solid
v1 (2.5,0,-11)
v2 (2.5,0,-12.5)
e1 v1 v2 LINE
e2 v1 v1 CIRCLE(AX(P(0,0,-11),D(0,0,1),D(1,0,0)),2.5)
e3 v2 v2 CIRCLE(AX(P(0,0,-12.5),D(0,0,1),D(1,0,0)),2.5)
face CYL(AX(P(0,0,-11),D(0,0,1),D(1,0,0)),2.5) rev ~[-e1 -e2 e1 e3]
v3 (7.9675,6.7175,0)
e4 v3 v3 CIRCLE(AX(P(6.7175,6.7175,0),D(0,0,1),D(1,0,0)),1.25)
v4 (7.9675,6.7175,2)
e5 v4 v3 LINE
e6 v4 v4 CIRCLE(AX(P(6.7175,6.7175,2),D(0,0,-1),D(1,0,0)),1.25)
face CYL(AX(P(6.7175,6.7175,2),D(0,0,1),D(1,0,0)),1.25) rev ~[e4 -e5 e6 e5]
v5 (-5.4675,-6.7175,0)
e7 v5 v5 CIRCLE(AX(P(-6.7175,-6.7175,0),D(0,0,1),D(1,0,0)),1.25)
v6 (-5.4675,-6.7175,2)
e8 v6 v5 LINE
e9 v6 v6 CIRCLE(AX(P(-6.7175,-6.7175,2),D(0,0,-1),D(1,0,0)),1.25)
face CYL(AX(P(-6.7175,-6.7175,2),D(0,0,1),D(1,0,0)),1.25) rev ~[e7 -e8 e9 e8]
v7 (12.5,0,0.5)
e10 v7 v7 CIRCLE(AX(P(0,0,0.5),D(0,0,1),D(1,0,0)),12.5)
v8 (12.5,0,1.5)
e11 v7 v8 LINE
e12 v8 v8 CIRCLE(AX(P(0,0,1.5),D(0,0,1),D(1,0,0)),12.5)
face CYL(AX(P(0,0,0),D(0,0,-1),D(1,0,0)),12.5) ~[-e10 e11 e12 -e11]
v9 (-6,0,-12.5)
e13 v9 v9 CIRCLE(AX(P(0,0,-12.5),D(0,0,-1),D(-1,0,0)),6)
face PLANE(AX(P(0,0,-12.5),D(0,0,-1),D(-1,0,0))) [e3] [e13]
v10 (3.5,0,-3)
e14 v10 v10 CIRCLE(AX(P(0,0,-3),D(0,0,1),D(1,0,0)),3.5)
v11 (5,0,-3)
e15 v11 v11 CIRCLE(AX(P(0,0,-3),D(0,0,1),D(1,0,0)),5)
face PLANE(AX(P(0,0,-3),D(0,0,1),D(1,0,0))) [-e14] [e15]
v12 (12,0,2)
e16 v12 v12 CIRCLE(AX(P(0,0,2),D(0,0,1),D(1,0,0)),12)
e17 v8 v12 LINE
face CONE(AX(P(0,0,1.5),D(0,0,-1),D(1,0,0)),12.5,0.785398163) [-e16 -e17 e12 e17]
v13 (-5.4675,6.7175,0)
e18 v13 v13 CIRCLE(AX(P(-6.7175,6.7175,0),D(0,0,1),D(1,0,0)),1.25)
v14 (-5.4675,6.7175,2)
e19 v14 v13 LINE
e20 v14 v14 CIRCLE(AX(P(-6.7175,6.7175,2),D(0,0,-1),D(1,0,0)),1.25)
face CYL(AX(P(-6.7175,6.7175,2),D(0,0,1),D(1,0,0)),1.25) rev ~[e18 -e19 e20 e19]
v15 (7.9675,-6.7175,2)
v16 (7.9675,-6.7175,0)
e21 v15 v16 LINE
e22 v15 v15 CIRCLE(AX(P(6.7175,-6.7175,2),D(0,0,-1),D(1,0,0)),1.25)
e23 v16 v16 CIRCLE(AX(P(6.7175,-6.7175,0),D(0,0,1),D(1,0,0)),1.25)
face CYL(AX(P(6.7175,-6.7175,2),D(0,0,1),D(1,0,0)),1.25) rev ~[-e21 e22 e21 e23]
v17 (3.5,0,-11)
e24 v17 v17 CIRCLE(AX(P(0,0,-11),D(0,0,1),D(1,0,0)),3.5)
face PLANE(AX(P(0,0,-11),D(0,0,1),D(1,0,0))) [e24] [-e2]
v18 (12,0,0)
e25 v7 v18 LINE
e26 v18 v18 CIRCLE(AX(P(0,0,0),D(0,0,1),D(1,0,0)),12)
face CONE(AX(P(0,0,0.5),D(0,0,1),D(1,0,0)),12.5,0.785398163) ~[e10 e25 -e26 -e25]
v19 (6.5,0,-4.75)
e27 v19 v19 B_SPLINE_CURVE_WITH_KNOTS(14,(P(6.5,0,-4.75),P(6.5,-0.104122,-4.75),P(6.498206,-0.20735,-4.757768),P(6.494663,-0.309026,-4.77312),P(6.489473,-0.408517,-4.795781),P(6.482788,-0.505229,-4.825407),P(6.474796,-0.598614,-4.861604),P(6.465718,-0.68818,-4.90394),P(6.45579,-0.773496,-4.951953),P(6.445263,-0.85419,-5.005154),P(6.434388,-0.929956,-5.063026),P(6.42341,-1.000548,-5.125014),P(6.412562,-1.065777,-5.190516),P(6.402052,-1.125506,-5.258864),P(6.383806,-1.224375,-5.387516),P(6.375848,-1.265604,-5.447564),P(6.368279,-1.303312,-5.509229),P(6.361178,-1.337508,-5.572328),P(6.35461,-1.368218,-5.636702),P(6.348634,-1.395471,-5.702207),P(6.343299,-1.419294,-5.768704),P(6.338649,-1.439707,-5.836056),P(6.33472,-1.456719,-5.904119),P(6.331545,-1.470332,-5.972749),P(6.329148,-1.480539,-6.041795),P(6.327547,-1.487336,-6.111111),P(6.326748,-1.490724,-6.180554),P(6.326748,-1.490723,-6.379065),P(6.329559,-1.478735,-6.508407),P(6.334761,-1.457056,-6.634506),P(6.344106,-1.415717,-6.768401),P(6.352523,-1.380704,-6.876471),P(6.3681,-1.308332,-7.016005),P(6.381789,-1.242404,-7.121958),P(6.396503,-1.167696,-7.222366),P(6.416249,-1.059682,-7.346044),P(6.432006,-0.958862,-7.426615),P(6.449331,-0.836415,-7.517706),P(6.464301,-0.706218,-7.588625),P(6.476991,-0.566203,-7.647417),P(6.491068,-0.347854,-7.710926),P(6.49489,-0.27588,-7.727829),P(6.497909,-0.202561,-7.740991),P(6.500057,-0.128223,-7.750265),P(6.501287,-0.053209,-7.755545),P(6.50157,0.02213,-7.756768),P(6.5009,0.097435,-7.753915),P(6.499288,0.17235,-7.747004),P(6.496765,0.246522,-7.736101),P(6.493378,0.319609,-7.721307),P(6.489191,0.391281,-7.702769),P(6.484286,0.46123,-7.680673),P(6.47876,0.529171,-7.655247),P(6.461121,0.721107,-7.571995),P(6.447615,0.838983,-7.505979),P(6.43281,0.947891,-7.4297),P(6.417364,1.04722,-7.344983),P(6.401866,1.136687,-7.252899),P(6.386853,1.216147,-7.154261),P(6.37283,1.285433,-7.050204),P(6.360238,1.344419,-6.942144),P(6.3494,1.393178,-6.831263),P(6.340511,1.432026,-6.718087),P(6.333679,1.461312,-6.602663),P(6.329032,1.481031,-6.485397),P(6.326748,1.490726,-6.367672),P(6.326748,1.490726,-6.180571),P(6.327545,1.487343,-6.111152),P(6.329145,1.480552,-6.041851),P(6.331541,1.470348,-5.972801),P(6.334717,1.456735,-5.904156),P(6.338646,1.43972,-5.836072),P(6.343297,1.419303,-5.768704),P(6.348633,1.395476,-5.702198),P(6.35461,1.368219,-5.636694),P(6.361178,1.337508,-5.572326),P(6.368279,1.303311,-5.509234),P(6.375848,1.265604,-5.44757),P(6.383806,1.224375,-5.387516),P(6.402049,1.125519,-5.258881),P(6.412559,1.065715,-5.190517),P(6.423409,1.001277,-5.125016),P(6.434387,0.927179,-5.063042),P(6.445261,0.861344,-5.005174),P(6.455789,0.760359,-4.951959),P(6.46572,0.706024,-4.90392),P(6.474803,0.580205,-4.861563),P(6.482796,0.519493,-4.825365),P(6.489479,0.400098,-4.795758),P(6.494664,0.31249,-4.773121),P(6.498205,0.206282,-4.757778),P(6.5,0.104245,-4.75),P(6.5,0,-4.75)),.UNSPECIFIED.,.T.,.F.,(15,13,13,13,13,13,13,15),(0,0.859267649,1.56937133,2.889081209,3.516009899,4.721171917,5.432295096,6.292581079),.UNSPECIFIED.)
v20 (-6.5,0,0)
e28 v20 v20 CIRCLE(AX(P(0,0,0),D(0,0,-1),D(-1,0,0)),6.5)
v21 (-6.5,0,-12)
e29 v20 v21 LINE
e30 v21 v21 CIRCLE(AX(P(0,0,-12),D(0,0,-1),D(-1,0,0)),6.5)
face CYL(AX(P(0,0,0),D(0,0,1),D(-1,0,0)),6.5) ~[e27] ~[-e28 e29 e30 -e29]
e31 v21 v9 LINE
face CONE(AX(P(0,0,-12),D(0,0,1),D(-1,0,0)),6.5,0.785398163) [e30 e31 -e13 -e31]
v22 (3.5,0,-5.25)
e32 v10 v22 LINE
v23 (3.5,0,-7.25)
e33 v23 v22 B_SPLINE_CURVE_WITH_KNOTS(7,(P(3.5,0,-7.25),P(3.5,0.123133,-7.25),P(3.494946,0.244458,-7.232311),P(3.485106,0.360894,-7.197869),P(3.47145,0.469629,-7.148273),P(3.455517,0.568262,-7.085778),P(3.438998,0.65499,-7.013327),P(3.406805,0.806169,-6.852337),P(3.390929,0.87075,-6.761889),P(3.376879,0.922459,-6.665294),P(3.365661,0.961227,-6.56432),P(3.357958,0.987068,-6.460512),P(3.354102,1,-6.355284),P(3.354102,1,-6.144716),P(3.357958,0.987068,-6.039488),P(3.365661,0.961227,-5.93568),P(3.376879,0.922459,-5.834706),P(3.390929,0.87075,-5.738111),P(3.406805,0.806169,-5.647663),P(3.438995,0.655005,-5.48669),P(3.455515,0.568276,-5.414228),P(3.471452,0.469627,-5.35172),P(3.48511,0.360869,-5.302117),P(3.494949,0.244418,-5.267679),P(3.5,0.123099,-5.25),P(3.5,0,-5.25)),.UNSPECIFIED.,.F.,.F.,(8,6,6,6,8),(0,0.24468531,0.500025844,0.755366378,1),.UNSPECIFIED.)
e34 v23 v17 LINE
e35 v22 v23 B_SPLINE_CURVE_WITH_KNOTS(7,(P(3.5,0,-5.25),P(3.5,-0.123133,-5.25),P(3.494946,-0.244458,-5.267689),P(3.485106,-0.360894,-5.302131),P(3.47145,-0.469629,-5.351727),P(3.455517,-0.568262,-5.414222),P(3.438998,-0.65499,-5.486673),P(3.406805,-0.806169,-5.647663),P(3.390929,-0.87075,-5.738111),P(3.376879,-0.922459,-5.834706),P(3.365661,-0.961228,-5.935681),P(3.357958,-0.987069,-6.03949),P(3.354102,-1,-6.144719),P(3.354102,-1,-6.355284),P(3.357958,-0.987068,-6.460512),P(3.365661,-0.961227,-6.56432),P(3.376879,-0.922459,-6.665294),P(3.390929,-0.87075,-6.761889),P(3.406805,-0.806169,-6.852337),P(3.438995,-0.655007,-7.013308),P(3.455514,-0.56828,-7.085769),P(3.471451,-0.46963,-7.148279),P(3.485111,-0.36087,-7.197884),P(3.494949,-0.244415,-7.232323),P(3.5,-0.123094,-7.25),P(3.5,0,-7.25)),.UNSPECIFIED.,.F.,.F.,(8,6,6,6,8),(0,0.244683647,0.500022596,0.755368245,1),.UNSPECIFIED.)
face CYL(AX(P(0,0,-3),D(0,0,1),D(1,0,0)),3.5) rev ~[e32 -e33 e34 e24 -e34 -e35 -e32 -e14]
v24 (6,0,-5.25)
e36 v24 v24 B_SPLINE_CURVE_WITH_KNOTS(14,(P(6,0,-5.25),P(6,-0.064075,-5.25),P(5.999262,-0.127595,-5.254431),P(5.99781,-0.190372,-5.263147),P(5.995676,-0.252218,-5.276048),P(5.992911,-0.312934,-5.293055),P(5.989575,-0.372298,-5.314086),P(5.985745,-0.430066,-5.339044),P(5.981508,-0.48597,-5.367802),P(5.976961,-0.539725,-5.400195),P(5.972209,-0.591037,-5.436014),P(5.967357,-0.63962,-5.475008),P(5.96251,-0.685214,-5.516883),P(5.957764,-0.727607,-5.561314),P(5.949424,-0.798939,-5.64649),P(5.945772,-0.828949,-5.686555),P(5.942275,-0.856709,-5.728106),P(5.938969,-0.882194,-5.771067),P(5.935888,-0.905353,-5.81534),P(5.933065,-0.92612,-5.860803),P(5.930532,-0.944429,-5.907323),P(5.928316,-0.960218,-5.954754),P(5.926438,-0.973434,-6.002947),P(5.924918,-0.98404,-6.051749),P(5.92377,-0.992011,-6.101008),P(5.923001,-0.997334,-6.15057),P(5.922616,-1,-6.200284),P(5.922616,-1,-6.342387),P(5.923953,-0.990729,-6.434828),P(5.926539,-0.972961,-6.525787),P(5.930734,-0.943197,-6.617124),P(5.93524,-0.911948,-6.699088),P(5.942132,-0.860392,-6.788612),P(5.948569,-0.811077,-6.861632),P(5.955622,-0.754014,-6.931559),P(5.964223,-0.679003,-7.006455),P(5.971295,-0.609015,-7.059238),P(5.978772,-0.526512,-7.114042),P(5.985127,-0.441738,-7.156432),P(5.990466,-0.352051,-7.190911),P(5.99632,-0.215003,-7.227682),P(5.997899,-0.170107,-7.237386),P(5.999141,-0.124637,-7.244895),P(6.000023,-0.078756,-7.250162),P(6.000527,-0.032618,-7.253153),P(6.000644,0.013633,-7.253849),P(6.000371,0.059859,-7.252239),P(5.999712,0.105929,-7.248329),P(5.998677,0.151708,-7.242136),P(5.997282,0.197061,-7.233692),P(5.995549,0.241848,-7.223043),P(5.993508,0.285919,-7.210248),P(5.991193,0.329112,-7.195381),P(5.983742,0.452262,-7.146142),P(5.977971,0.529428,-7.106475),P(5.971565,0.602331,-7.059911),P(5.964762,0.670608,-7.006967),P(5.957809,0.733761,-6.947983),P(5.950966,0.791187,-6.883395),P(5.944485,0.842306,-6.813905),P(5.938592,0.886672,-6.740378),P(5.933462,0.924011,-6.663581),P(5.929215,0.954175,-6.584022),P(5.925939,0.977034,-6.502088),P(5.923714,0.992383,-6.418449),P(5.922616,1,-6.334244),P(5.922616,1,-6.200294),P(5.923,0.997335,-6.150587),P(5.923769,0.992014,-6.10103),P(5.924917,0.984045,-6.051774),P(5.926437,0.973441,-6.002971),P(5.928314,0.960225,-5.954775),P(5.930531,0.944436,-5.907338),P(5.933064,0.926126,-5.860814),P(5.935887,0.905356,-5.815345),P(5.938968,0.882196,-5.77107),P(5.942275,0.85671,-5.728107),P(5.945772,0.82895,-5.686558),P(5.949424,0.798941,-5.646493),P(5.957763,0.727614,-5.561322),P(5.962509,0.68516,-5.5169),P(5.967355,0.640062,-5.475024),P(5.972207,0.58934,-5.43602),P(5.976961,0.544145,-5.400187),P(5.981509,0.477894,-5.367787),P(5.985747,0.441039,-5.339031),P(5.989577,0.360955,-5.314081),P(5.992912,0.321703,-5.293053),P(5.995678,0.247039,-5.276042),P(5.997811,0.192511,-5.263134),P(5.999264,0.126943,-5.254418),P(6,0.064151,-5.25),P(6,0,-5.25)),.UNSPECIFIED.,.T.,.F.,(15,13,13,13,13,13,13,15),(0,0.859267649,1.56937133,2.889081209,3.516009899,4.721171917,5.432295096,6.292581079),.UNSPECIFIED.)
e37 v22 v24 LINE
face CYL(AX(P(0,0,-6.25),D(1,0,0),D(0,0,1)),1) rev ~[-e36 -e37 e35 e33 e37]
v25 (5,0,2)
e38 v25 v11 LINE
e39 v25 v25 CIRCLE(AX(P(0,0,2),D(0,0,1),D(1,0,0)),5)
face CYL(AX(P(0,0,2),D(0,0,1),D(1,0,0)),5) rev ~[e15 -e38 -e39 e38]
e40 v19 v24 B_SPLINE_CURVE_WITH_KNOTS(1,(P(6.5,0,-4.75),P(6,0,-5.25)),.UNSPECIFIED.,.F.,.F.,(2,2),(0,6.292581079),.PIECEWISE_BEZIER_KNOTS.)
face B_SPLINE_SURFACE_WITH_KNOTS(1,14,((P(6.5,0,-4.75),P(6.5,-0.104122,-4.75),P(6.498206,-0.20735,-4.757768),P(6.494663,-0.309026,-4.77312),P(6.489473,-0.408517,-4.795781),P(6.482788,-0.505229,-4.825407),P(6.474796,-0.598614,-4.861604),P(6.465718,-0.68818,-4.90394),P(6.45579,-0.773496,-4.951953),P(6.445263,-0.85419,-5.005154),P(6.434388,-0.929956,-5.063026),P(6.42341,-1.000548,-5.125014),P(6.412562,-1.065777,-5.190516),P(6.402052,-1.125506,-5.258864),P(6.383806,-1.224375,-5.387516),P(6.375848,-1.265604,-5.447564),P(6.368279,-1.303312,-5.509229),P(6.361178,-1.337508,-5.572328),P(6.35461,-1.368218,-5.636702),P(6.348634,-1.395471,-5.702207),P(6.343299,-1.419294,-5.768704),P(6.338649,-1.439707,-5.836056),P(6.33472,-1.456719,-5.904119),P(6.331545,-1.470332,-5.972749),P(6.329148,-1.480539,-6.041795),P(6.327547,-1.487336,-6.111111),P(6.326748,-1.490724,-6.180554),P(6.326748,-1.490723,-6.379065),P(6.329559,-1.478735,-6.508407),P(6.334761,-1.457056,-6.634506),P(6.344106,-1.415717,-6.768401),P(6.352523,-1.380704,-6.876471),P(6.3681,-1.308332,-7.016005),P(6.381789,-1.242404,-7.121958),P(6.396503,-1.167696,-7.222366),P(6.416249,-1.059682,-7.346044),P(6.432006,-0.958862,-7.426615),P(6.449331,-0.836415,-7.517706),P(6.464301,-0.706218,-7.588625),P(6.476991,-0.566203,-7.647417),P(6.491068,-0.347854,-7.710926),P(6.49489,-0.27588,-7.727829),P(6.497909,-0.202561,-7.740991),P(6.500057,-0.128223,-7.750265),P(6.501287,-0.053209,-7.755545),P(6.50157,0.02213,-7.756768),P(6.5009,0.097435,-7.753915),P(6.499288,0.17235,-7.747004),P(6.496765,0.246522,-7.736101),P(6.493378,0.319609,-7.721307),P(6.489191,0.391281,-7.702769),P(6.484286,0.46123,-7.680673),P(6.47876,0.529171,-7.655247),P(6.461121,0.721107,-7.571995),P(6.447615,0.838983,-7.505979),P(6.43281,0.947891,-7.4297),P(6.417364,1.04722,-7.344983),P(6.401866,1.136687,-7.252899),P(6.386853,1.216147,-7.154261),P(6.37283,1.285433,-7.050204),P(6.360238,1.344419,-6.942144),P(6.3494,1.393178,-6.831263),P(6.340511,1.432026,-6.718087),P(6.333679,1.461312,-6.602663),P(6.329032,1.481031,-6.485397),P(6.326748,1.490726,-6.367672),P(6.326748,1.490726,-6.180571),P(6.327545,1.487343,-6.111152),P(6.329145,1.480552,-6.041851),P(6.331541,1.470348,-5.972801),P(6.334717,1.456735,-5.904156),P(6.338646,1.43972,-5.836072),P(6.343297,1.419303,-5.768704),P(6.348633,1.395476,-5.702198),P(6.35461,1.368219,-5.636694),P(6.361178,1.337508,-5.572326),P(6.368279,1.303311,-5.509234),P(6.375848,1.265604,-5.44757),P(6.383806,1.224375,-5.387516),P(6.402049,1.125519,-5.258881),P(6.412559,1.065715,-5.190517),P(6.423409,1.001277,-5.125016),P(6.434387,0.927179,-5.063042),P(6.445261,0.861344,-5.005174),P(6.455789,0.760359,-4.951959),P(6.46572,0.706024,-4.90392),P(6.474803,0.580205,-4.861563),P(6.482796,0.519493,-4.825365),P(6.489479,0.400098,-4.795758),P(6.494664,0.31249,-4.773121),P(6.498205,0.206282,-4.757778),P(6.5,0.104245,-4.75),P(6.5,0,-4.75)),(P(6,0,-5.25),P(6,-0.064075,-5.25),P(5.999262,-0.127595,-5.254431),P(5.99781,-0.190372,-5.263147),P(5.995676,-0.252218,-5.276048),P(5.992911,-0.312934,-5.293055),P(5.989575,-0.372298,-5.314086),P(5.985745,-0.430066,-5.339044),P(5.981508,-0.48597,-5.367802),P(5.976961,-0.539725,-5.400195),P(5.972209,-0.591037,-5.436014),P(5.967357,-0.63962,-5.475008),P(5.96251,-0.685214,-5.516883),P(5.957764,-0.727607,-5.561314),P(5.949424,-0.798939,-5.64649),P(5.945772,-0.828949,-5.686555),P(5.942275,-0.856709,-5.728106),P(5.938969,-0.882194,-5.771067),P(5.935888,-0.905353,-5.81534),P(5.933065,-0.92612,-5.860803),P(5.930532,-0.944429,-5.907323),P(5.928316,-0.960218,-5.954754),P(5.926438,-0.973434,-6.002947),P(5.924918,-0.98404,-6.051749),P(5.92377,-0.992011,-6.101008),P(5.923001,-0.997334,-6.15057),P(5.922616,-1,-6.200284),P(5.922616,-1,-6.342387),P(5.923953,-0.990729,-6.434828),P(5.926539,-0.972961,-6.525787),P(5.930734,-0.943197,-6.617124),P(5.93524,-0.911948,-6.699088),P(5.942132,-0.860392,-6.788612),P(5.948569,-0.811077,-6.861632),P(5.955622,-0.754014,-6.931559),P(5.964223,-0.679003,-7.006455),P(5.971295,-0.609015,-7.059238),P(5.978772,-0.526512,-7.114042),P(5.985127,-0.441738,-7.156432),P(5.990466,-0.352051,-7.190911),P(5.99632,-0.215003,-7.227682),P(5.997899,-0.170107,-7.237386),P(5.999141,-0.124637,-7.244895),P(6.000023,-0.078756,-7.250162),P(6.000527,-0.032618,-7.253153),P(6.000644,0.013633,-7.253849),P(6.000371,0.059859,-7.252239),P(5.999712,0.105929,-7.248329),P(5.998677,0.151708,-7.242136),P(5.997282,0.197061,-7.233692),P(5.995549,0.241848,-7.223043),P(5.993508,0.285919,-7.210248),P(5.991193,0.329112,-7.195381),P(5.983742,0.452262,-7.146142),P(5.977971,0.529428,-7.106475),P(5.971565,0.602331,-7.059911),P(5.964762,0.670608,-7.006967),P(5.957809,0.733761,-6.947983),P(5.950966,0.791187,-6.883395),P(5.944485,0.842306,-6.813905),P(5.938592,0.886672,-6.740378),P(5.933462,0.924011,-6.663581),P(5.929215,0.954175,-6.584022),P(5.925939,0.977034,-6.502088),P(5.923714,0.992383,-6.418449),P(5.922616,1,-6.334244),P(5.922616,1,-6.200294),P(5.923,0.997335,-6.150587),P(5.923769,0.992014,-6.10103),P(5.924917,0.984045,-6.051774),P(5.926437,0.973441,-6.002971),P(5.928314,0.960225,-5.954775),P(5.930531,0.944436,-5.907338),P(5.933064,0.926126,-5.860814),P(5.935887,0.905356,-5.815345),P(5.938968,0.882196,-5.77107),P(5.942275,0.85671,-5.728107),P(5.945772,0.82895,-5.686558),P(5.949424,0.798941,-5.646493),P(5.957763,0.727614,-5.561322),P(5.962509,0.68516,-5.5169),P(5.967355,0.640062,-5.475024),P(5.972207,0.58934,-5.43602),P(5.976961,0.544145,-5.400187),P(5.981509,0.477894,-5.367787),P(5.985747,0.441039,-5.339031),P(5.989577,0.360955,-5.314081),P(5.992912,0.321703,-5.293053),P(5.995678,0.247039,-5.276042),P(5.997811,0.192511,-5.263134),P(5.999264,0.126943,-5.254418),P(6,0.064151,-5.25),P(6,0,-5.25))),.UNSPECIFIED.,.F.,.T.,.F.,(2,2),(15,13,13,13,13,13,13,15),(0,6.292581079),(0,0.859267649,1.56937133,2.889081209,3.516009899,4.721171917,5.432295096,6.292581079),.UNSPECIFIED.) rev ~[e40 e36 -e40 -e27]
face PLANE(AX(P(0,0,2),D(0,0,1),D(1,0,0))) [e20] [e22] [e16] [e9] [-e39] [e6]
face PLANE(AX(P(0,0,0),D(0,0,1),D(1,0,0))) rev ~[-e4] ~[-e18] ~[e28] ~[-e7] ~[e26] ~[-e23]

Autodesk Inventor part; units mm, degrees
ref_plane "YZ Plane" through (0, 0, 0) normal (1, 0, 0) x (0, 1, 0)
ref_plane "XZ Plane" through (0, 0, 0) normal (0, 1, 0) x (-1, 0, 0)
ref_plane "XY Plane" through (0, 0, 0) normal (0, 0, 1) x (1, 0, 0)
sketch "Sketch1" plane through (0, 0, 0) normal (0, 0, 1) x (1, 0, 0)
  circle A0 centre (0, 0) radius 12.5
  dimension "d0" = 25
extrude "Extrusion1" add sketch "Sketch1" along normal blind 2
sketch "Sketch2" plane through (0, 0, 0) normal (0, 0, -1) x (-1, 0, 0)
  circle A0 centre (0, 0) radius 12.5 projected
  circle A1 centre (0, 0) radius 6.5
  dimension "d3" = 13
extrude "Extrusion2" add sketch "Sketch2" along normal blind 12.5 contours A1
sketch "Sketch3" plane through (0, 0, 2) normal (0, 0, 1) x (1, 0, 0)
  circle A0 centre (0, 0) radius 12.5 projected
  circle A1 centre (0, 0) radius 5
  dimension "d6" = 10
extrude "Extrusion3" cut sketch "Sketch3" against normal blind 5 contours A1
sketch "Sketch4" plane through (0, 0, -3) normal (0, 0, 1) x (1, 0, 0)
  circle A0 centre (0, 0) radius 5 projected
  circle A1 centre (0, 0) radius 3.5
  dimension "d9" = 7
extrude "Extrusion4" cut sketch "Sketch4" against normal blind 8 contours A1
sketch "Sketch5" plane through (0, 0, -11) normal (0, 0, 1) x (1, 0, 0)
  circle A0 centre (0, 0) radius 3.5 projected
  circle A1 centre (0, 0) radius 2.5
  dimension "d12" = 5
extrude "Extrusion5" cut sketch "Sketch5" against normal through all contours A1
sketch "Sketch6" plane through (0, 0, 0) normal (1, 0, 0) x (0, 1, 0)
  line L0 (-6.5, -12.5) -> (6.5, -12.5) projected
  line L1 (6.5, 0) -> (-6.5, 0) projected
  line L2 (6.5, 0) -> (6.5, -12.5) projected
  line L3 (-6.5, 0) -> (-6.5, -12.5) projected
  point P0 (0, 0)
  point P1 (0, -6.25)
hole "Hole1" at (0, 0, -6.25) direction (1, 0, 0) diameter 2 end through all
chamfer "Chamfer1" distance 0.5 angle 45 4 edges at (-12.5, 0, 2) (-12.5, 0, 0) (6.5, 0, -12.5) (6.5, 0.0019, -7.25)
sketch "Sketch7" plane through (0, 0, 2) normal (0, 0, 1) x (1, 0, 0)
  circle A0 centre (0, 0) radius 12 projected
  circle A1 centre (0, 0) radius 9.5
  circle A2 centre (0, 0) radius 3.5 construction
  line L0 (0, 0) -> (12, 0) construction
  circle A3 centre (0, 0) radius 2.5 construction
  line L1 (0, 0) -> (6.7175, 6.7175) construction
  circle A4 centre (6.7175, 6.7175) radius 1.25
  circle A5 centre (6.7175, -6.7175) radius 1.25
  circle A6 centre (-6.7175, -6.7175) radius 1.25
  circle A7 centre (-6.7175, 6.7175) radius 1.25
  point P0 (0, 9.5)
  point P1 (0, -9.5)
  point P2 (-9.5, 0)
  point P3 (9.5, 0)
  dimension "d25" = 19
  dimension "d26" = 45
  dimension "d29" = 360
  dimension "d31" = 2.5
  dimension "d32" = 2.5
  dimension "d33" = 2.5
  dimension "d34" = 2.5
extrude "Extrusion6" cut sketch "Sketch7" against normal through all contours A4 A1 | A1 A4 | A5 A1 | A1 A5 | A7 A1 | A1 A7 | A6 A1 | A1 A6
properties part number "22 - Valve Disc Hub" material "Steel AISI 1020 108 ANLD"
